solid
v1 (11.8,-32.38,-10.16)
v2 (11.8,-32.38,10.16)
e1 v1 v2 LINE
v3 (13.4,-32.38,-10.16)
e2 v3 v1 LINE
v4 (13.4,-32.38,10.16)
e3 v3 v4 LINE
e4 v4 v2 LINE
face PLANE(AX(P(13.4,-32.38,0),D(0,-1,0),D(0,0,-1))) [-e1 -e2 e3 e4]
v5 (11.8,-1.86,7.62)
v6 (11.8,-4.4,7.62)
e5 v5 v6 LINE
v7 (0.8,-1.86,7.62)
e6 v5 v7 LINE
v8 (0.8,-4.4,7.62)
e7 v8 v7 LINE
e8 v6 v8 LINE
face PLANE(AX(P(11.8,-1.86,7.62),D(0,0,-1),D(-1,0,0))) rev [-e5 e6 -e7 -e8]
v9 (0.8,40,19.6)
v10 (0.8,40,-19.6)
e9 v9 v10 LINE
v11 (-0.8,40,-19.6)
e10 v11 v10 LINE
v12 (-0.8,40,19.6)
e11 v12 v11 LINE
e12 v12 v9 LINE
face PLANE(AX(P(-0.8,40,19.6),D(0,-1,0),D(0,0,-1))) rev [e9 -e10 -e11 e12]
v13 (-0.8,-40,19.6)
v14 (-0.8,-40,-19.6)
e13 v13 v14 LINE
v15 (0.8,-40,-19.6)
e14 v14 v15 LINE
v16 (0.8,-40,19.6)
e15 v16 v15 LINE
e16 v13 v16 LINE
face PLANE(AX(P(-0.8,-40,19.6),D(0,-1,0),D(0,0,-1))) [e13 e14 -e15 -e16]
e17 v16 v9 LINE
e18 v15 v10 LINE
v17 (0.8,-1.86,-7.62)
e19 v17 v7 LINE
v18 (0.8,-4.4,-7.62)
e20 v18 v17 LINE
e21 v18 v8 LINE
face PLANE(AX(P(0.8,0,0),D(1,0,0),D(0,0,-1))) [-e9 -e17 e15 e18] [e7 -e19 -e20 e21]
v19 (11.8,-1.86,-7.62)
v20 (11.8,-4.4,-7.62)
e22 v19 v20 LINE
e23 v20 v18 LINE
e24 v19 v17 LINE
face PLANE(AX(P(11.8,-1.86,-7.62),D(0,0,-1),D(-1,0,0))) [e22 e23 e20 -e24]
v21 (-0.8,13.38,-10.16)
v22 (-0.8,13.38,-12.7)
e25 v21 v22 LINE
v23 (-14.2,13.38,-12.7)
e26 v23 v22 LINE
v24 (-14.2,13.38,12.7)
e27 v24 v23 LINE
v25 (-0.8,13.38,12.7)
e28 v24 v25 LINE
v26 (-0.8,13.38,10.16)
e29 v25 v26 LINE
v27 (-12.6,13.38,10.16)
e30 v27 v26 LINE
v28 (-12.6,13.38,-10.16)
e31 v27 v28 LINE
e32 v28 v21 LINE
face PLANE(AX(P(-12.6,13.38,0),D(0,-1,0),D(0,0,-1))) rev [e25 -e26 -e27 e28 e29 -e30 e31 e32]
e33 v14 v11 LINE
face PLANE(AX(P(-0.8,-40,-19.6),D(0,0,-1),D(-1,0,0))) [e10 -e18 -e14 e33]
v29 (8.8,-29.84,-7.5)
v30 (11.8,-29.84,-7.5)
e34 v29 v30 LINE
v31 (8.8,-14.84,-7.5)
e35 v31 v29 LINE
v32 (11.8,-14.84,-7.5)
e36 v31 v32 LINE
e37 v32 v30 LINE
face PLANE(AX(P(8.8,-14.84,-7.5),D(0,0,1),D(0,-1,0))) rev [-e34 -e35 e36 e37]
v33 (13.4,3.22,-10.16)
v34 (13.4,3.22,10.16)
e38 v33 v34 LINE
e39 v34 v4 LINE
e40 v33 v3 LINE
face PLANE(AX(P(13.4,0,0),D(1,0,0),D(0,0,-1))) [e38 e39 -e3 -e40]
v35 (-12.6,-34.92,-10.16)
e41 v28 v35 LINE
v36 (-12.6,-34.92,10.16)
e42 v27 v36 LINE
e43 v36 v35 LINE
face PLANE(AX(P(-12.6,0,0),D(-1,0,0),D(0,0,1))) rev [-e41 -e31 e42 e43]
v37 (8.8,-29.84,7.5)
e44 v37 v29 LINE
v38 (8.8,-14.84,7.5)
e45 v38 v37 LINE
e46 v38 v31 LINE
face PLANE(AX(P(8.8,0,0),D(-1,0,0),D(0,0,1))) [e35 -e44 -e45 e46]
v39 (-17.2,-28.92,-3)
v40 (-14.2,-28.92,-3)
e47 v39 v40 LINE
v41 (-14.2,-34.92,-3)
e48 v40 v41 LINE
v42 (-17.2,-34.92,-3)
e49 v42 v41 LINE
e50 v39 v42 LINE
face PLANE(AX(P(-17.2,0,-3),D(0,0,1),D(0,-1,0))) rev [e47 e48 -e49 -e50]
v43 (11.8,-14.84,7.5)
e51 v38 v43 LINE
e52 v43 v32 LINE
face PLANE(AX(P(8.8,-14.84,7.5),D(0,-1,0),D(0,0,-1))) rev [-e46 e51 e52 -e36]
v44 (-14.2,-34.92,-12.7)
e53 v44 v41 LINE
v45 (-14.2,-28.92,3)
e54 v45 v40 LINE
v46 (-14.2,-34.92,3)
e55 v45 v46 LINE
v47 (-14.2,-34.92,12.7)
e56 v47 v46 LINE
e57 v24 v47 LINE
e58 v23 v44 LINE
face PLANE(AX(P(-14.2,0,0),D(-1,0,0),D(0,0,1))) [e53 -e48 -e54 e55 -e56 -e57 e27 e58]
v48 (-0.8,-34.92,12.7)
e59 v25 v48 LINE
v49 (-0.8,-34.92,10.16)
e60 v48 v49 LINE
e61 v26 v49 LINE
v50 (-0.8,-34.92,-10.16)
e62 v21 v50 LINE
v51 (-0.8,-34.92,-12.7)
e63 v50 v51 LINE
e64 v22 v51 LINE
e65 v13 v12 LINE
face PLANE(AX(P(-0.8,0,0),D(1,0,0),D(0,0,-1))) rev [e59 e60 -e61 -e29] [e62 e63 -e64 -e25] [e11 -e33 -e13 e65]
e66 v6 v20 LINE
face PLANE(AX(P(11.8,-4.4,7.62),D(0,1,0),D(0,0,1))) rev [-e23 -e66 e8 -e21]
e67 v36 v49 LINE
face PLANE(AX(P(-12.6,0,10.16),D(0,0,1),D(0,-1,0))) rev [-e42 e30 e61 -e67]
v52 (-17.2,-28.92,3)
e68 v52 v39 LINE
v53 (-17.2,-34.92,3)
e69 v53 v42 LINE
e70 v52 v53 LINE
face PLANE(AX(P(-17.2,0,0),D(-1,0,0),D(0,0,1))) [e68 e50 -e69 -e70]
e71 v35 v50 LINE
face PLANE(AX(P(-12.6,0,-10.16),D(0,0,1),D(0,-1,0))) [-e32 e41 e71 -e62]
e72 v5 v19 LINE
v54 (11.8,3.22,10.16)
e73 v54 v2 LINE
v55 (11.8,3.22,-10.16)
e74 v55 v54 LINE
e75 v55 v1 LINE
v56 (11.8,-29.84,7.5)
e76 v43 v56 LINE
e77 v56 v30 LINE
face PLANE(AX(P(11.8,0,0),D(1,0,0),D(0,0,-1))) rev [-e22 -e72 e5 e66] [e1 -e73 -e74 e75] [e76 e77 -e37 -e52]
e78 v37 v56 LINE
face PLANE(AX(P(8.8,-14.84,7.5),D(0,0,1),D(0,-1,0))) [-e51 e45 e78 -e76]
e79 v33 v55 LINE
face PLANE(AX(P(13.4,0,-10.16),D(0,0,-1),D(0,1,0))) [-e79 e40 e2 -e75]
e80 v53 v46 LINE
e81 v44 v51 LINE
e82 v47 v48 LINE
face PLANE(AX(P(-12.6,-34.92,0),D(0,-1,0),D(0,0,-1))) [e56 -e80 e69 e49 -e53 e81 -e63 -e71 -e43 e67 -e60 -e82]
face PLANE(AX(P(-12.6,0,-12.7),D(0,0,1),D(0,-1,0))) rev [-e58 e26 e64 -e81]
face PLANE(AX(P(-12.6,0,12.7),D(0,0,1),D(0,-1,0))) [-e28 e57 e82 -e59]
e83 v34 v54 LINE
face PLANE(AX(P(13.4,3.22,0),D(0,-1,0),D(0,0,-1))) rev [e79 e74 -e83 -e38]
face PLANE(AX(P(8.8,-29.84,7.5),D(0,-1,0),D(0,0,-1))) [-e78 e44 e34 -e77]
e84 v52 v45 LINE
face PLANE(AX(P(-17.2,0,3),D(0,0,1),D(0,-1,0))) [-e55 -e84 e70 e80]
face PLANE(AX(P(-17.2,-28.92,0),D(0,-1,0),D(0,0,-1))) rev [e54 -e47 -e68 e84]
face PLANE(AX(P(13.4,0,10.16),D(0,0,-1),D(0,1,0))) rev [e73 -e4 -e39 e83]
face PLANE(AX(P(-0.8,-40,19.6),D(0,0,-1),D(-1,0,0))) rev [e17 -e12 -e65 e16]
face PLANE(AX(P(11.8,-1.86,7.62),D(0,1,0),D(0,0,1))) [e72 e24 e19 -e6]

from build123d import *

# Parameters (mm, degrees)
EXTRUDE_1_DEPTH      = 0.8
EXTRUDE_1_DEPTH_BACK = 0.8
SKETCH_1_W           = 39.2
SKETCH_1_H           = 80
SKETCH_1_3_W         = 15.24
SKETCH_1_3_H         = 2.54
EXTRUDE_2_DEPTH      = 11.8
SKETCH_2_W           = 20.32
SKETCH_2_H           = 35.6
EXTRUDE_3_DEPTH      = 1.6
SKETCH_2_3_W         = 15
SKETCH_2_3_H         = 15
EXTRUDE_4_DEPTH      = 3
SKETCH_1_4_W         = 2.54
SKETCH_1_4_H         = 48.3
EXTRUDE_6_DEPTH      = 12.6
EXTRUDE_7_DEPTH      = 1.6
SKETCH_3_3_W         = 6
SKETCH_3_3_H         = 6
EXTRUDE_8_DEPTH      = 4.6


with BuildPart() as part:
    # 草圖1 → 填料-伸長1 (new, two sides: drawn at the far end of the back side and taken through both)
    with BuildSketch(Plane(origin=(0, 0, 0), x_dir=(0, 0, -1), z_dir=(1, 0, 0)).offset(-EXTRUDE_1_DEPTH_BACK)):
        Rectangle(SKETCH_1_W, SKETCH_1_H)
    extrude(amount=EXTRUDE_1_DEPTH + EXTRUDE_1_DEPTH_BACK)

    # 草圖1<3> → 填料-伸長2 (add)
    with BuildSketch(Plane(origin=(0, 0, 0), x_dir=(0, 0, -1), z_dir=(1, 0, 0))):
        with Locations((0, -3.13)):
            Rectangle(SKETCH_1_3_W, SKETCH_1_3_H)
    extrude(amount=EXTRUDE_2_DEPTH)

    # 草圖2 → 填料-伸長3 (add)
    with BuildSketch(Plane(origin=(11.8, 0, 0), x_dir=(0, 0, -1), z_dir=(1, 0, 0))):
        with Locations((0, -14.58)):
            Rectangle(SKETCH_2_W, SKETCH_2_H)
    extrude(amount=EXTRUDE_3_DEPTH)

    # 草圖2<3> → 填料-伸長4 (add)
    with BuildSketch(Plane(origin=(11.8, 0, 0), x_dir=(0, 0, -1), z_dir=(1, 0, 0))):
        with Locations((0, -22.34)):
            Rectangle(SKETCH_2_3_W, SKETCH_2_3_H)
    extrude(amount=-EXTRUDE_4_DEPTH)

    # 草圖1<4> → 填料-伸長6 (add)
    with BuildSketch(Plane(origin=(0, 0, 0), x_dir=(0, 0, -1), z_dir=(1, 0, 0))):
        with Locations((-11.43, -10.77)):
            Rectangle(SKETCH_1_4_W, SKETCH_1_4_H)
        with Locations((11.43, -10.77)):
            Rectangle(SKETCH_1_4_W, SKETCH_1_4_H)
    extrude(amount=-EXTRUDE_6_DEPTH)

    # 草圖3 → 填料-伸長7 (add)
    with BuildSketch(Plane.ZY.offset(12.6)):
        Polygon((-12.7, -34.92), (-3, -34.92), (-3, -28.92), (3, -28.92), (3, -34.92), (12.7, -34.92), (12.7, 13.38), (-12.7, 13.38), align=None)
    extrude(amount=EXTRUDE_7_DEPTH)

    # 草圖3<3> → 填料-伸長8 (add)
    with BuildSketch(Plane.ZY.offset(12.6)):
        with Locations((0, -31.92)):
            Rectangle(SKETCH_3_3_W, SKETCH_3_3_H)
    extrude(amount=EXTRUDE_8_DEPTH)


solid = part.part
